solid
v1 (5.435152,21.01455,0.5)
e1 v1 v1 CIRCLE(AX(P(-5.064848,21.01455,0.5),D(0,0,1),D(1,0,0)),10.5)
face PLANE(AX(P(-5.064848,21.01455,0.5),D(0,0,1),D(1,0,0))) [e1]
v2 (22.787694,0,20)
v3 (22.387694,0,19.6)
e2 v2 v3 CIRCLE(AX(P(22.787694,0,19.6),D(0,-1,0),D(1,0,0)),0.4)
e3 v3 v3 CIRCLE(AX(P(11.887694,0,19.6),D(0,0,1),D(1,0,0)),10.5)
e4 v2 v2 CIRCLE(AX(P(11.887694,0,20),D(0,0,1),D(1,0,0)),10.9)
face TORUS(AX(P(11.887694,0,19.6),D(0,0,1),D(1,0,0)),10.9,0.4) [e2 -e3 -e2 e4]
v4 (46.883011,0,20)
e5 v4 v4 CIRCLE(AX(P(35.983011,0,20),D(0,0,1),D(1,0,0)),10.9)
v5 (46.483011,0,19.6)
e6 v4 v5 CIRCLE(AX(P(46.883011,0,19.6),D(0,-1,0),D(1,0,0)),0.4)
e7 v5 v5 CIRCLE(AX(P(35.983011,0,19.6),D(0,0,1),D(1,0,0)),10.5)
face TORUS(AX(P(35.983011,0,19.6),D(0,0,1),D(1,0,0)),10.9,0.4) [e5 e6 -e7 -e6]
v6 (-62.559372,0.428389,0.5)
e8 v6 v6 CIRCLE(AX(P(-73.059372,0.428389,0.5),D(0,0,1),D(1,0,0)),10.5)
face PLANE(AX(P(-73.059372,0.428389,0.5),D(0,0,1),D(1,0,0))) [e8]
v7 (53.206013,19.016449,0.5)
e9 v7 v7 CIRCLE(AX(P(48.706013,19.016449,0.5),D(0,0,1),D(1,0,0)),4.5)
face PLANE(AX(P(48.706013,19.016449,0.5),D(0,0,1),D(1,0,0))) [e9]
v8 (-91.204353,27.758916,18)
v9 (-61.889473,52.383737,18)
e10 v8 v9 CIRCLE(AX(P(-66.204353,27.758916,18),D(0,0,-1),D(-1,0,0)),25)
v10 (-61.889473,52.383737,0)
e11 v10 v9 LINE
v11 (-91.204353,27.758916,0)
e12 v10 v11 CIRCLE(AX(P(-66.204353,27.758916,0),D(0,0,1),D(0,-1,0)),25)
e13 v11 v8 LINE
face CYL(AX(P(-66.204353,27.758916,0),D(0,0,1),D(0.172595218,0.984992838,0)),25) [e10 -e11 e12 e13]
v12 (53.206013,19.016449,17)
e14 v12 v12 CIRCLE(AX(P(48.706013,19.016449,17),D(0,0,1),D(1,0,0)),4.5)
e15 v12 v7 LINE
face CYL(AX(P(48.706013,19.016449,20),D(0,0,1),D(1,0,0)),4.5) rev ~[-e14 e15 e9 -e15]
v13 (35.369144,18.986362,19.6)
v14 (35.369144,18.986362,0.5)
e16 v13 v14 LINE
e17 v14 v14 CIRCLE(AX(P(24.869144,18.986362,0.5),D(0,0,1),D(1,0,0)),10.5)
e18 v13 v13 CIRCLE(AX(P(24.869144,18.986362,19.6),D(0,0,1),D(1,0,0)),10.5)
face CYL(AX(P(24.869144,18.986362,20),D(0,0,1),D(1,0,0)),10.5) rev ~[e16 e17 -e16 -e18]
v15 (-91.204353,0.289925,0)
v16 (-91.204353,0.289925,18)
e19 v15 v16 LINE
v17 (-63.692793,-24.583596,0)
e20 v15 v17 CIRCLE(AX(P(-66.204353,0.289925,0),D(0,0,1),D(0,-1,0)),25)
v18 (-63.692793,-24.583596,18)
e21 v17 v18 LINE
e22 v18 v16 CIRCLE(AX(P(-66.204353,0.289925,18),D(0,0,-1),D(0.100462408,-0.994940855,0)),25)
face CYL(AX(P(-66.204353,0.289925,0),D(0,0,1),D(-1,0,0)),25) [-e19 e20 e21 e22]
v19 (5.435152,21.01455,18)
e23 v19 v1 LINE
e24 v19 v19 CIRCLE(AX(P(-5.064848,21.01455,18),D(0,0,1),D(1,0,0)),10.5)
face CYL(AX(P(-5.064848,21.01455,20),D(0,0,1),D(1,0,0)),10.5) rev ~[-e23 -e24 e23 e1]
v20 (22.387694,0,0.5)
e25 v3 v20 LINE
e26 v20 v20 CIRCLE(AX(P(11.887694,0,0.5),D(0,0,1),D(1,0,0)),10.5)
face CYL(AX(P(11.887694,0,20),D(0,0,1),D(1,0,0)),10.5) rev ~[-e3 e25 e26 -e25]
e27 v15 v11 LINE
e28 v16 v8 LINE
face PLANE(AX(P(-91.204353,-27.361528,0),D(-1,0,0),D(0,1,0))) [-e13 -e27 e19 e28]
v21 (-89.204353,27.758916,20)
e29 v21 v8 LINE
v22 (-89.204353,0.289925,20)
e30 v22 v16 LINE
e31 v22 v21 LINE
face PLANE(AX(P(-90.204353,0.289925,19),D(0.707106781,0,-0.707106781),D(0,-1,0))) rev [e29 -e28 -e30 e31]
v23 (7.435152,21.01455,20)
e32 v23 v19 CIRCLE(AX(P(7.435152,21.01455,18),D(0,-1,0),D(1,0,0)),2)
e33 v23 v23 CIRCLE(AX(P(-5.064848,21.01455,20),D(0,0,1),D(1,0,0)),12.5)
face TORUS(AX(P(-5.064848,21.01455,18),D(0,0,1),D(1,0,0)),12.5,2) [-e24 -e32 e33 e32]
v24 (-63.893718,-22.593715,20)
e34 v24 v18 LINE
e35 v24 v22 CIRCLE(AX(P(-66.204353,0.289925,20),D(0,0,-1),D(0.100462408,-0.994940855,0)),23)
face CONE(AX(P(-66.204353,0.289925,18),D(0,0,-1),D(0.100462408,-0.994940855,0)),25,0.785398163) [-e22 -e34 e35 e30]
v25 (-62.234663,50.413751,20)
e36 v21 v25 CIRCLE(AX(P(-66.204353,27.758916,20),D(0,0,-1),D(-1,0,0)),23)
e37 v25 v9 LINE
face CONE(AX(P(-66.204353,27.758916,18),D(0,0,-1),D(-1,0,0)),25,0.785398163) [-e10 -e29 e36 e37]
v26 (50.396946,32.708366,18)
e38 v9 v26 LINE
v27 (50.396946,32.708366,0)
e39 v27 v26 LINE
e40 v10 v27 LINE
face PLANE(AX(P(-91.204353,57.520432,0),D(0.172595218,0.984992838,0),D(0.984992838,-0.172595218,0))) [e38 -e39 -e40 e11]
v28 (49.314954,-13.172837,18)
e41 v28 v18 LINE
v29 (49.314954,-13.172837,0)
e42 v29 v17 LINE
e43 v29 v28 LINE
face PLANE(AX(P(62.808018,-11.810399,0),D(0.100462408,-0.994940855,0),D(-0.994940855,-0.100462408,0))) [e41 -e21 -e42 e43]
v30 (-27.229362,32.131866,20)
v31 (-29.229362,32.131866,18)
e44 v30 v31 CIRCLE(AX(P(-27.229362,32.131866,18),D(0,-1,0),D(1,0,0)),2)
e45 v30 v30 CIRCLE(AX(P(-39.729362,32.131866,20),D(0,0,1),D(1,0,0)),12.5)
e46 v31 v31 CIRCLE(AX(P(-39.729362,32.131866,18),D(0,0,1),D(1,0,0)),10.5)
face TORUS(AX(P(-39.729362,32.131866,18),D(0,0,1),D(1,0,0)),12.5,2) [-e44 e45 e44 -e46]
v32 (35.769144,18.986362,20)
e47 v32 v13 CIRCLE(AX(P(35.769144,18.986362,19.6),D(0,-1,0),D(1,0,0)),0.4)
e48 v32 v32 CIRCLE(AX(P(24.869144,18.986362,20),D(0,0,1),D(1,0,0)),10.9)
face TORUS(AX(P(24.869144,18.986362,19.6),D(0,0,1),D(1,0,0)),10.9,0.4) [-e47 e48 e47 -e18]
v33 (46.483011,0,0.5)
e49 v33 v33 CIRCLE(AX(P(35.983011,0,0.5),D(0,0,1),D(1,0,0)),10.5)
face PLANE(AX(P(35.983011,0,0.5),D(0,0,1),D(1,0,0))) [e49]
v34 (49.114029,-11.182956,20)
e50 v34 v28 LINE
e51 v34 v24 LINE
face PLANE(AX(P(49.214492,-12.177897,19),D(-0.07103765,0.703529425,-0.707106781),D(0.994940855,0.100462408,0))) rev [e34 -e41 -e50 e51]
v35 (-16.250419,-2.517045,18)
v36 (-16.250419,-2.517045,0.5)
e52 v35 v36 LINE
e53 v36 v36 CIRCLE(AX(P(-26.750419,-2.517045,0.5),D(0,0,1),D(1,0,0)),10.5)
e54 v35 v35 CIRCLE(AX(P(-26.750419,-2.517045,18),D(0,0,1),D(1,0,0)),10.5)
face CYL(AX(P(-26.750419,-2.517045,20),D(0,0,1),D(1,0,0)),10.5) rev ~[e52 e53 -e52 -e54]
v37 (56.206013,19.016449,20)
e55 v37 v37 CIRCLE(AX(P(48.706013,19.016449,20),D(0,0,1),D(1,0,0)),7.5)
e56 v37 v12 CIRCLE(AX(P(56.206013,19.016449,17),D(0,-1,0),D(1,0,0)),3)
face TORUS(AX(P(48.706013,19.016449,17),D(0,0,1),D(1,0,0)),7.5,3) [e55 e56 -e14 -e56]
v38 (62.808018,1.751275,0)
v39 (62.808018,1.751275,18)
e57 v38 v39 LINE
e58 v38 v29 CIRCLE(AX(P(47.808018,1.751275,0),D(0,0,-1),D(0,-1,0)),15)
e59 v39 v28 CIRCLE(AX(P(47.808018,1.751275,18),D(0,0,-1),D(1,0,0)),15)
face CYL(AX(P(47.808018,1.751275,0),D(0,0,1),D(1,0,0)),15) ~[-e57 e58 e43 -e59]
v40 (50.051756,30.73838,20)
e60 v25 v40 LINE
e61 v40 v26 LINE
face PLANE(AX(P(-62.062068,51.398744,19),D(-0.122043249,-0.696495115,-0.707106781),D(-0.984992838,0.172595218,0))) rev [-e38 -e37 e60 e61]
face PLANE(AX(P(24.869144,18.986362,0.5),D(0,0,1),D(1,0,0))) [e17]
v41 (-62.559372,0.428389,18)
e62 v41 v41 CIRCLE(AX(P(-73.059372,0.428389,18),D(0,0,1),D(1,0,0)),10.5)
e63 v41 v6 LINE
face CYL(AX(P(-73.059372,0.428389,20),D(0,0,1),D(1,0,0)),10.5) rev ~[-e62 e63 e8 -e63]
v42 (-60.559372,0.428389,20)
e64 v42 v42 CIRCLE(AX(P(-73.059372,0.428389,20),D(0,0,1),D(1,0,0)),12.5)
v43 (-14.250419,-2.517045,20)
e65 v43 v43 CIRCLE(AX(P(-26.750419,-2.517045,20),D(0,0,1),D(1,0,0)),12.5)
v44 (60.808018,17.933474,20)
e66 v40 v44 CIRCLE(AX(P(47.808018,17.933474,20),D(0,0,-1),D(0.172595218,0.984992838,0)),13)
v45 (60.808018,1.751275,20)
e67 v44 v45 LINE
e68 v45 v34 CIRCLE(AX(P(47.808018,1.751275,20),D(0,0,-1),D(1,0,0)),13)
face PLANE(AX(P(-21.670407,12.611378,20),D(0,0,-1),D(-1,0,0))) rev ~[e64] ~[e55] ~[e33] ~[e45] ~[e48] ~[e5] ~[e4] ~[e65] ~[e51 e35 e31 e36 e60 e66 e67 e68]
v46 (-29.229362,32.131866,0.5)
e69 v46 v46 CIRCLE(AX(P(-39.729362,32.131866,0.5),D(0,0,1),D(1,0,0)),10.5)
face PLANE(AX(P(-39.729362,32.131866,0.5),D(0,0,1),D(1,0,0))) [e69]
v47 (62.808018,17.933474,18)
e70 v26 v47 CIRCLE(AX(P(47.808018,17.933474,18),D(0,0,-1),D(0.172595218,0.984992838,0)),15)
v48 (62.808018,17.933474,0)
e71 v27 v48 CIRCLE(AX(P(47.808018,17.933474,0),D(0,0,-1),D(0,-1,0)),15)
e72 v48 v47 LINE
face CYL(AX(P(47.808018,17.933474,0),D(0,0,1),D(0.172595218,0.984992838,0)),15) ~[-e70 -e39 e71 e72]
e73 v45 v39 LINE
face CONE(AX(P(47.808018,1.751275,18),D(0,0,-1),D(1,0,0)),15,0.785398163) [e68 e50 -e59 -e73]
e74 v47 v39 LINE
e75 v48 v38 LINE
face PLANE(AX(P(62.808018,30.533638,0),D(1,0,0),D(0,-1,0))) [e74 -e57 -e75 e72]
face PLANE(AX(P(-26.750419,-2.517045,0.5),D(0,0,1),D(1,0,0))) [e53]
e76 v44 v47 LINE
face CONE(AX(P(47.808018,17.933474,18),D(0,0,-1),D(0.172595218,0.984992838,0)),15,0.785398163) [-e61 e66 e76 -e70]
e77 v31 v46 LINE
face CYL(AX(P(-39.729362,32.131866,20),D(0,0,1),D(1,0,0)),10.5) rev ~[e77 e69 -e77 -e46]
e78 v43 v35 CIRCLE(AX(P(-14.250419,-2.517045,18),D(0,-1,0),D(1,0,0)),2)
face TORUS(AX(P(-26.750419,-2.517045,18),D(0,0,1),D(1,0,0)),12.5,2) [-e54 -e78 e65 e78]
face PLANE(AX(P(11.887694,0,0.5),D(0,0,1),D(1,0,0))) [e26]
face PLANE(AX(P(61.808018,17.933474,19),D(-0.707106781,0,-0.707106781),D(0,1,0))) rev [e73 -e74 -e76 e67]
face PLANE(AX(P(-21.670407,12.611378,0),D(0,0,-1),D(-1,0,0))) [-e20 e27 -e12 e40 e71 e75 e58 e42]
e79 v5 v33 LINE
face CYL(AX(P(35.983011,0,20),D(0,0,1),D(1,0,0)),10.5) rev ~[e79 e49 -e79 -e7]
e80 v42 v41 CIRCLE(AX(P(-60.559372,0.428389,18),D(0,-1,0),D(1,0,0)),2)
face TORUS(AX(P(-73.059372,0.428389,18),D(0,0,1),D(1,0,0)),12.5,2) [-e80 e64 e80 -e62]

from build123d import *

# Parameters (mm, degrees)
PAD_DEPTH     = 20
SKETCH001_R   = 10.5
SKETCH001_R_2 = 4.5
POCKET_DEPTH  = 19.5
FILLET_R      = 25
FILLET001_R   = 15
CHAMFER_SIZE  = 2
FILLET002_R   = 2
FILLET003_R   = 0.4
FILLET004_R   = 3


with BuildPart() as part:
    # Sketch → Pad (new body)
    with BuildSketch(Plane.XY):
        Polygon((-91.204353, 57.520432), (62.808018, 30.533638), (62.808018, -11.810399), (-91.204353, -27.361528), align=None)
    extrude(amount=PAD_DEPTH)

    # Sketch001 → Pocket (cut)
    with BuildSketch(Plane.XY.offset(20)):
        with Locations((-73.059372, 0.428389)):
            Circle(SKETCH001_R)
        with Locations((-26.750419, -2.517045)):
            Circle(SKETCH001_R)
        with Locations((35.983011, 0)):
            Circle(SKETCH001_R)
        with Locations((-39.729362, 32.131866)):
            Circle(SKETCH001_R)
        with Locations((-5.064848, 21.01455)):
            Circle(SKETCH001_R)
        with Locations((11.887694, 0)):
            Circle(SKETCH001_R)
        with Locations((48.706013, 19.016449)):
            Circle(SKETCH001_R_2)
        with Locations((24.869144, 18.986362)):
            Circle(SKETCH001_R)
    extrude(amount=-POCKET_DEPTH, mode=Mode.SUBTRACT)

    # Fillet
    fillet_edges = [part.edges().sort_by_distance(p)[0] for p in [
        (-91.204353, -27.361528, 10),
        (-91.204353, 57.520432, 10),
    ]]
    fillet(fillet_edges, radius=FILLET_R)

    # Fillet001
    fillet001_edges = [part.edges().sort_by_distance(p)[0] for p in [
        (62.808018, -11.810399, 10),
        (62.808018, 30.533638, 10),
    ]]
    fillet(fillet001_edges, radius=FILLET001_R)

    # Chamfer
    chamfer_edges = [part.edges().sort_by_distance(p)[0] for p in [
        (-7.188919, -18.878217, 20),
    ]]
    chamfer(chamfer_edges, length=CHAMFER_SIZE)

    # Fillet002
    fillet002_edges = [part.edges().sort_by_distance(p)[0] for p in [
        (-83.559372, 0.428389, 20),
        (-50.229362, 32.131866, 20),
        (-37.250419, -2.517045, 20),
        (-15.564848, 21.01455, 20),
    ]]
    fillet(fillet002_edges, radius=FILLET002_R)

    # Fillet003
    fillet003_edges = [part.edges().sort_by_distance(p)[0] for p in [
        (1.387694, 0, 20),
        (25.483011, 0, 20),
        (14.369144, 18.986362, 20),
    ]]
    fillet(fillet003_edges, radius=FILLET003_R)

    # Fillet004
    fillet004_edges = [part.edges().sort_by_distance(p)[0] for p in [
        (44.206013, 19.016449, 20),
    ]]
    fillet(fillet004_edges, radius=FILLET004_R)


solid = part.part
